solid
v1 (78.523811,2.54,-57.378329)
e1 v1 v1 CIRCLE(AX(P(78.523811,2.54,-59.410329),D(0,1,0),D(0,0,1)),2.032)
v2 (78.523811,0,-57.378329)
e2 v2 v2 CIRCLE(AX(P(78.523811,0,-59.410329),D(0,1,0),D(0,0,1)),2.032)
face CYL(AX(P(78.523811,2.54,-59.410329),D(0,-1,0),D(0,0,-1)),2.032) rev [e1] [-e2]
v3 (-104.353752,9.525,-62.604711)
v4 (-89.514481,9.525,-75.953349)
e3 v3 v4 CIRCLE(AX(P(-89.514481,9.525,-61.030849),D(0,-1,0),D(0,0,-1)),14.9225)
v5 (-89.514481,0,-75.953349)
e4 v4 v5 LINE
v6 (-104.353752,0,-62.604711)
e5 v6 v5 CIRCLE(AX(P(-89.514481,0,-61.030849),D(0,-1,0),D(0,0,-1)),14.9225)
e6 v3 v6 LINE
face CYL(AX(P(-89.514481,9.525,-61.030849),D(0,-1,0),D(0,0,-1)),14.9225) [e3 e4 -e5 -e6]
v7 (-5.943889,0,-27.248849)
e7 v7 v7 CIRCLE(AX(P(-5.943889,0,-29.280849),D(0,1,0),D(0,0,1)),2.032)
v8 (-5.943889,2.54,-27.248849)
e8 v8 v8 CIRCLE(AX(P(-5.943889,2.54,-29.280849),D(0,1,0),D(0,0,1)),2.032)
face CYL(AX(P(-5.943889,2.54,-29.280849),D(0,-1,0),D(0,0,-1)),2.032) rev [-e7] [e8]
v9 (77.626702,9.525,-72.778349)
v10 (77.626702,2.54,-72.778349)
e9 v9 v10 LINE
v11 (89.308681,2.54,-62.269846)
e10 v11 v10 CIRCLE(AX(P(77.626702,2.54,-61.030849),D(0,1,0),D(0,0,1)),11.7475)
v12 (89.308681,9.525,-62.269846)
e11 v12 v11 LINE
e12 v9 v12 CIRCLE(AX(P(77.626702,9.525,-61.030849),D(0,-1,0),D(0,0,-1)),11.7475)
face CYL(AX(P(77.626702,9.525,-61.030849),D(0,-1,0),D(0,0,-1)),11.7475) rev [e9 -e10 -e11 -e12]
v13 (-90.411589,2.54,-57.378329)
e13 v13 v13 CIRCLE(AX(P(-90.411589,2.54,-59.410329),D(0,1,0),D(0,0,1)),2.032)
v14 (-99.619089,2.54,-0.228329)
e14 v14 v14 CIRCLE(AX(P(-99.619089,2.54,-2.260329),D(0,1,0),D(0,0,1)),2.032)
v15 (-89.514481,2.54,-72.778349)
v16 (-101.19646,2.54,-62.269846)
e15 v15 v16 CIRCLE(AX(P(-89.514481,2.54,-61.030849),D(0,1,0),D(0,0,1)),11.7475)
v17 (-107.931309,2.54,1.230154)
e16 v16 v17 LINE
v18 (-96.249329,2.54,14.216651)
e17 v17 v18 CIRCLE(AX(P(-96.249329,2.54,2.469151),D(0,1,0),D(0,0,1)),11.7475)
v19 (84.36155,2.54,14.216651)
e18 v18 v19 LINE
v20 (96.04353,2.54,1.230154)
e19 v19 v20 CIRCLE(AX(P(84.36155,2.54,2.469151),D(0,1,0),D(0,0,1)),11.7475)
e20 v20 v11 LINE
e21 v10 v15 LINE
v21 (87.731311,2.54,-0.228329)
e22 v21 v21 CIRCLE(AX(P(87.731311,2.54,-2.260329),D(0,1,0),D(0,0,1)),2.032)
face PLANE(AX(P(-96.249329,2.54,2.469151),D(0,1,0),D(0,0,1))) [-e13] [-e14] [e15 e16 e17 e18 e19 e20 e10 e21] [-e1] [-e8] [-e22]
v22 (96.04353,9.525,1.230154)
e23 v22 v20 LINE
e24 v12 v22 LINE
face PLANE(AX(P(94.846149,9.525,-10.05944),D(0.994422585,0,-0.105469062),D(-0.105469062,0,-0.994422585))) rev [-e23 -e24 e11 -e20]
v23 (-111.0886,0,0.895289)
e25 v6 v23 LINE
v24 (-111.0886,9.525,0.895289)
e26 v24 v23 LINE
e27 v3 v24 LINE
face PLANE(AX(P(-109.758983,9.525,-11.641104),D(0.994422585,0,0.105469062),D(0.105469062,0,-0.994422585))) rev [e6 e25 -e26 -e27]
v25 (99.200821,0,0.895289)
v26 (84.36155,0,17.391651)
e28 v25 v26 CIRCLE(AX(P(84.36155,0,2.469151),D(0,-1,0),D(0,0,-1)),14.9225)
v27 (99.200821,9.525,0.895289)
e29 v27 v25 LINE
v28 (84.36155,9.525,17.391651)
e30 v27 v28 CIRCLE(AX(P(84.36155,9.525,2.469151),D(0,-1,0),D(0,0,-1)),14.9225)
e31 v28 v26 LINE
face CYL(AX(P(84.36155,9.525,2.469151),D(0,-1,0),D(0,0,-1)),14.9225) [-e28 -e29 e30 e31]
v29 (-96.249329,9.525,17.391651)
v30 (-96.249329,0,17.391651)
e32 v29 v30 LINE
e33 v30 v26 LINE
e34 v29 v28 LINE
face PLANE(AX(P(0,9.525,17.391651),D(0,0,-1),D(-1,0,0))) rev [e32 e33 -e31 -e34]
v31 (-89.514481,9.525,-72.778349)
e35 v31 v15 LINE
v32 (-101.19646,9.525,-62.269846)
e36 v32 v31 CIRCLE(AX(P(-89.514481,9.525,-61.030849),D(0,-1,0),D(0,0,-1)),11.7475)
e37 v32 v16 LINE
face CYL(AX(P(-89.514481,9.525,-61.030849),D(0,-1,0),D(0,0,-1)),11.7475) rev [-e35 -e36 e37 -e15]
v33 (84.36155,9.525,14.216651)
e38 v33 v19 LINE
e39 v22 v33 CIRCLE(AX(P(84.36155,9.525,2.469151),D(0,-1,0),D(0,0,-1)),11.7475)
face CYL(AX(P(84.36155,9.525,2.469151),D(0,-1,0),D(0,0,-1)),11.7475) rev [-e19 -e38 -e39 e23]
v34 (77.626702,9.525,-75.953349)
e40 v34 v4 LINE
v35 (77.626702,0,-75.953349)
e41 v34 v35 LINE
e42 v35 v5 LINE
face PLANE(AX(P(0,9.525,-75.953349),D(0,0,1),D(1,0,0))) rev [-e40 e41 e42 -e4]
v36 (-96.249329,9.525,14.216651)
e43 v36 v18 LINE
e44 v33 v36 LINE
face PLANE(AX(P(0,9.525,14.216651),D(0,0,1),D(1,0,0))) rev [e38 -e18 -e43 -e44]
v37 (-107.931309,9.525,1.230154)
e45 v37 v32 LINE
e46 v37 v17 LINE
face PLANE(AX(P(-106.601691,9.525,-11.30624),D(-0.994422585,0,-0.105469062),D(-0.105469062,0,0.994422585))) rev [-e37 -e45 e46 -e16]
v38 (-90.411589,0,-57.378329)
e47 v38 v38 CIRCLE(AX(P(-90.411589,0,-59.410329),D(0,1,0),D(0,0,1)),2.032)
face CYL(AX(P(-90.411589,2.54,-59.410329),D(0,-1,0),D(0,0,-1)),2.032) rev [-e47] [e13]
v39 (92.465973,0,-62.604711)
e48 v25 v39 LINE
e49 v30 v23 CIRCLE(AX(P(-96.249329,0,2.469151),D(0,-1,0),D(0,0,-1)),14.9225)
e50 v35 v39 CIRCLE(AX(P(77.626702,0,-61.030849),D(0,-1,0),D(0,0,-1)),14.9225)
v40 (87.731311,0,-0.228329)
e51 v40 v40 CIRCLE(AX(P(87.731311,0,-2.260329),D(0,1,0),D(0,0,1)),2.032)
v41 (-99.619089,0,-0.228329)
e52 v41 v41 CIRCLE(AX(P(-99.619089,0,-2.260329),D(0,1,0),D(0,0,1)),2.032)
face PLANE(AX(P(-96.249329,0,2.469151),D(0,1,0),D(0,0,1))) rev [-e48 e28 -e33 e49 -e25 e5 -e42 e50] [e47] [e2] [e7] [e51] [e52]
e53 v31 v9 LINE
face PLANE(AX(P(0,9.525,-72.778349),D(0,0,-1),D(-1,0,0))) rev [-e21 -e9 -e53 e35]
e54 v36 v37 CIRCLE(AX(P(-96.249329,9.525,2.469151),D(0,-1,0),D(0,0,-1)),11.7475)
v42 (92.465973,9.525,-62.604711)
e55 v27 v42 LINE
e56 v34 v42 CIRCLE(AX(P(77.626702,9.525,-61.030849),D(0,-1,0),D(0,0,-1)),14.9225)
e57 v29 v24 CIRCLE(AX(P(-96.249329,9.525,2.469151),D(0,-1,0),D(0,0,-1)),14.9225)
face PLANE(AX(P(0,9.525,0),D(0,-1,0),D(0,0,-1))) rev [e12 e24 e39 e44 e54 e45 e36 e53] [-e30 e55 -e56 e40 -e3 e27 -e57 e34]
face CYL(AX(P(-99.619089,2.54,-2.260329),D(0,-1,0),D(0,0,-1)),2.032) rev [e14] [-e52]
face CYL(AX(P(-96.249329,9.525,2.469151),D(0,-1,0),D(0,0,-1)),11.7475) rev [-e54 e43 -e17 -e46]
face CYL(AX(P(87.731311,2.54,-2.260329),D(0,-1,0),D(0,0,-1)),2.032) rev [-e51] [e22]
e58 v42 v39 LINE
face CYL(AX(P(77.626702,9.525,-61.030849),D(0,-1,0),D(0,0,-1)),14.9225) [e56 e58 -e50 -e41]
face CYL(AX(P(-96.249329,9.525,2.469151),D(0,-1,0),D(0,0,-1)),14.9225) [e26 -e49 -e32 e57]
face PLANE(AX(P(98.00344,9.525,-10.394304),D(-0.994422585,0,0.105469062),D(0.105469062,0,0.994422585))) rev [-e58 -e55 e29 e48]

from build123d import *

# Parameters (mm, degrees)
SKETCH1_R           = 2.032
BOSS_EXTRUDE1_DEPTH = 2.54
BOSS_EXTRUDE2_DEPTH = 9.525


with BuildPart() as part:
    # Sketch1 → Boss-Extrude1 (new body)
    with BuildSketch(Plane(origin=(0, 0, 0), x_dir=(1, 0, 0), z_dir=(0, 1, 0))):
        with BuildLine():
            Line((-101.196460125, 62.269846472), (-107.93130861, -1.230153528))
            ThreePointArc((-107.93130861, -1.230153528), (-104.983139546, -10.325633674), (-96.249329296, -14.216651334))
            Line((-96.249329296, -14.216651334), (84.361550459, -14.216651334))
            ThreePointArc((84.361550459, -14.216651334), (93.095360709, -10.325633674), (96.043529773, -1.230153528))
            Line((96.043529773, -1.230153528), (89.308681288, 62.269846472))
            ThreePointArc((89.308681288, 62.269846472), (85.483184315, 69.764658916), (77.626701974, 72.778348666))
            Line((77.626701974, 72.778348666), (-89.514480811, 72.778348666))
            ThreePointArc((-89.514480811, 72.778348666), (-97.370963151, 69.764658916), (-101.196460125, 62.269846472))
        make_face()
        with Locations(Location((78.523810582, 59.410328666, 0), (0, 0, 270))):
            Circle(SKETCH1_R, mode=Mode.SUBTRACT)
        with Locations(Location((87.731310582, 2.260328666, 0), (0, 0, 270))):
            Circle(SKETCH1_R, mode=Mode.SUBTRACT)
        with Locations(Location((-5.943889418, 29.280848666, 0), (0, 0, 270))):
            Circle(SKETCH1_R, mode=Mode.SUBTRACT)
        with Locations(Location((-99.619089418, 2.260328666, 0), (0, 0, 270))):
            Circle(SKETCH1_R, mode=Mode.SUBTRACT)
        with Locations(Location((-90.411589418, 59.410328666, 0), (0, 0, 270))):
            Circle(SKETCH1_R, mode=Mode.SUBTRACT)
    extrude(amount=BOSS_EXTRUDE1_DEPTH)

    # Sketch4 → Boss-Extrude2 (add)
    with BuildSketch(Plane.XZ):
        with BuildLine():
            Line((99.200821479, 0.895289256), (92.465972995, -62.604710744))
            ThreePointArc((92.465972995, -62.604710744), (87.60655792, -72.125148173), (77.626701974, -75.953348666))
            Line((77.626701974, -75.953348666), (-89.514480811, -75.953348666))
            ThreePointArc((-89.514480811, -75.953348666), (-99.494336757, -72.125148173), (-104.353751831, -62.604710744))
            Line((-104.353751831, -62.604710744), (-111.088600316, 0.895289256))
            ThreePointArc((-111.088600316, 0.895289256), (-107.343628803, 12.44900728), (-96.249329296, 17.391651334))
            Line((-96.249329296, 17.391651334), (84.361550459, 17.391651334))
            ThreePointArc((84.361550459, 17.391651334), (95.455849966, 12.44900728), (99.200821479, 0.895289256))
        make_face()
        with BuildLine():
            ThreePointArc((-101.196460125, -62.269846472), (-97.370963151, -69.764658916), (-89.514480811, -72.778348666))
            Line((-89.514480811, -72.778348666), (77.626701974, -72.778348666))
            ThreePointArc((77.626701974, -72.778348666), (85.483184315, -69.764658916), (89.308681288, -62.269846472))
            Line((89.308681288, -62.269846472), (96.043529773, 1.230153528))
            ThreePointArc((96.043529773, 1.230153528), (93.095360709, 10.325633674), (84.361550459, 14.216651334))
            Line((84.361550459, 14.216651334), (-96.249329296, 14.216651334))
            ThreePointArc((-96.249329296, 14.216651334), (-104.983139546, 10.325633674), (-107.93130861, 1.230153528))
            Line((-107.93130861, 1.230153528), (-101.196460125, -62.269846472))
        make_face(mode=Mode.SUBTRACT)
    extrude(amount=-BOSS_EXTRUDE2_DEPTH)


solid = part.part
